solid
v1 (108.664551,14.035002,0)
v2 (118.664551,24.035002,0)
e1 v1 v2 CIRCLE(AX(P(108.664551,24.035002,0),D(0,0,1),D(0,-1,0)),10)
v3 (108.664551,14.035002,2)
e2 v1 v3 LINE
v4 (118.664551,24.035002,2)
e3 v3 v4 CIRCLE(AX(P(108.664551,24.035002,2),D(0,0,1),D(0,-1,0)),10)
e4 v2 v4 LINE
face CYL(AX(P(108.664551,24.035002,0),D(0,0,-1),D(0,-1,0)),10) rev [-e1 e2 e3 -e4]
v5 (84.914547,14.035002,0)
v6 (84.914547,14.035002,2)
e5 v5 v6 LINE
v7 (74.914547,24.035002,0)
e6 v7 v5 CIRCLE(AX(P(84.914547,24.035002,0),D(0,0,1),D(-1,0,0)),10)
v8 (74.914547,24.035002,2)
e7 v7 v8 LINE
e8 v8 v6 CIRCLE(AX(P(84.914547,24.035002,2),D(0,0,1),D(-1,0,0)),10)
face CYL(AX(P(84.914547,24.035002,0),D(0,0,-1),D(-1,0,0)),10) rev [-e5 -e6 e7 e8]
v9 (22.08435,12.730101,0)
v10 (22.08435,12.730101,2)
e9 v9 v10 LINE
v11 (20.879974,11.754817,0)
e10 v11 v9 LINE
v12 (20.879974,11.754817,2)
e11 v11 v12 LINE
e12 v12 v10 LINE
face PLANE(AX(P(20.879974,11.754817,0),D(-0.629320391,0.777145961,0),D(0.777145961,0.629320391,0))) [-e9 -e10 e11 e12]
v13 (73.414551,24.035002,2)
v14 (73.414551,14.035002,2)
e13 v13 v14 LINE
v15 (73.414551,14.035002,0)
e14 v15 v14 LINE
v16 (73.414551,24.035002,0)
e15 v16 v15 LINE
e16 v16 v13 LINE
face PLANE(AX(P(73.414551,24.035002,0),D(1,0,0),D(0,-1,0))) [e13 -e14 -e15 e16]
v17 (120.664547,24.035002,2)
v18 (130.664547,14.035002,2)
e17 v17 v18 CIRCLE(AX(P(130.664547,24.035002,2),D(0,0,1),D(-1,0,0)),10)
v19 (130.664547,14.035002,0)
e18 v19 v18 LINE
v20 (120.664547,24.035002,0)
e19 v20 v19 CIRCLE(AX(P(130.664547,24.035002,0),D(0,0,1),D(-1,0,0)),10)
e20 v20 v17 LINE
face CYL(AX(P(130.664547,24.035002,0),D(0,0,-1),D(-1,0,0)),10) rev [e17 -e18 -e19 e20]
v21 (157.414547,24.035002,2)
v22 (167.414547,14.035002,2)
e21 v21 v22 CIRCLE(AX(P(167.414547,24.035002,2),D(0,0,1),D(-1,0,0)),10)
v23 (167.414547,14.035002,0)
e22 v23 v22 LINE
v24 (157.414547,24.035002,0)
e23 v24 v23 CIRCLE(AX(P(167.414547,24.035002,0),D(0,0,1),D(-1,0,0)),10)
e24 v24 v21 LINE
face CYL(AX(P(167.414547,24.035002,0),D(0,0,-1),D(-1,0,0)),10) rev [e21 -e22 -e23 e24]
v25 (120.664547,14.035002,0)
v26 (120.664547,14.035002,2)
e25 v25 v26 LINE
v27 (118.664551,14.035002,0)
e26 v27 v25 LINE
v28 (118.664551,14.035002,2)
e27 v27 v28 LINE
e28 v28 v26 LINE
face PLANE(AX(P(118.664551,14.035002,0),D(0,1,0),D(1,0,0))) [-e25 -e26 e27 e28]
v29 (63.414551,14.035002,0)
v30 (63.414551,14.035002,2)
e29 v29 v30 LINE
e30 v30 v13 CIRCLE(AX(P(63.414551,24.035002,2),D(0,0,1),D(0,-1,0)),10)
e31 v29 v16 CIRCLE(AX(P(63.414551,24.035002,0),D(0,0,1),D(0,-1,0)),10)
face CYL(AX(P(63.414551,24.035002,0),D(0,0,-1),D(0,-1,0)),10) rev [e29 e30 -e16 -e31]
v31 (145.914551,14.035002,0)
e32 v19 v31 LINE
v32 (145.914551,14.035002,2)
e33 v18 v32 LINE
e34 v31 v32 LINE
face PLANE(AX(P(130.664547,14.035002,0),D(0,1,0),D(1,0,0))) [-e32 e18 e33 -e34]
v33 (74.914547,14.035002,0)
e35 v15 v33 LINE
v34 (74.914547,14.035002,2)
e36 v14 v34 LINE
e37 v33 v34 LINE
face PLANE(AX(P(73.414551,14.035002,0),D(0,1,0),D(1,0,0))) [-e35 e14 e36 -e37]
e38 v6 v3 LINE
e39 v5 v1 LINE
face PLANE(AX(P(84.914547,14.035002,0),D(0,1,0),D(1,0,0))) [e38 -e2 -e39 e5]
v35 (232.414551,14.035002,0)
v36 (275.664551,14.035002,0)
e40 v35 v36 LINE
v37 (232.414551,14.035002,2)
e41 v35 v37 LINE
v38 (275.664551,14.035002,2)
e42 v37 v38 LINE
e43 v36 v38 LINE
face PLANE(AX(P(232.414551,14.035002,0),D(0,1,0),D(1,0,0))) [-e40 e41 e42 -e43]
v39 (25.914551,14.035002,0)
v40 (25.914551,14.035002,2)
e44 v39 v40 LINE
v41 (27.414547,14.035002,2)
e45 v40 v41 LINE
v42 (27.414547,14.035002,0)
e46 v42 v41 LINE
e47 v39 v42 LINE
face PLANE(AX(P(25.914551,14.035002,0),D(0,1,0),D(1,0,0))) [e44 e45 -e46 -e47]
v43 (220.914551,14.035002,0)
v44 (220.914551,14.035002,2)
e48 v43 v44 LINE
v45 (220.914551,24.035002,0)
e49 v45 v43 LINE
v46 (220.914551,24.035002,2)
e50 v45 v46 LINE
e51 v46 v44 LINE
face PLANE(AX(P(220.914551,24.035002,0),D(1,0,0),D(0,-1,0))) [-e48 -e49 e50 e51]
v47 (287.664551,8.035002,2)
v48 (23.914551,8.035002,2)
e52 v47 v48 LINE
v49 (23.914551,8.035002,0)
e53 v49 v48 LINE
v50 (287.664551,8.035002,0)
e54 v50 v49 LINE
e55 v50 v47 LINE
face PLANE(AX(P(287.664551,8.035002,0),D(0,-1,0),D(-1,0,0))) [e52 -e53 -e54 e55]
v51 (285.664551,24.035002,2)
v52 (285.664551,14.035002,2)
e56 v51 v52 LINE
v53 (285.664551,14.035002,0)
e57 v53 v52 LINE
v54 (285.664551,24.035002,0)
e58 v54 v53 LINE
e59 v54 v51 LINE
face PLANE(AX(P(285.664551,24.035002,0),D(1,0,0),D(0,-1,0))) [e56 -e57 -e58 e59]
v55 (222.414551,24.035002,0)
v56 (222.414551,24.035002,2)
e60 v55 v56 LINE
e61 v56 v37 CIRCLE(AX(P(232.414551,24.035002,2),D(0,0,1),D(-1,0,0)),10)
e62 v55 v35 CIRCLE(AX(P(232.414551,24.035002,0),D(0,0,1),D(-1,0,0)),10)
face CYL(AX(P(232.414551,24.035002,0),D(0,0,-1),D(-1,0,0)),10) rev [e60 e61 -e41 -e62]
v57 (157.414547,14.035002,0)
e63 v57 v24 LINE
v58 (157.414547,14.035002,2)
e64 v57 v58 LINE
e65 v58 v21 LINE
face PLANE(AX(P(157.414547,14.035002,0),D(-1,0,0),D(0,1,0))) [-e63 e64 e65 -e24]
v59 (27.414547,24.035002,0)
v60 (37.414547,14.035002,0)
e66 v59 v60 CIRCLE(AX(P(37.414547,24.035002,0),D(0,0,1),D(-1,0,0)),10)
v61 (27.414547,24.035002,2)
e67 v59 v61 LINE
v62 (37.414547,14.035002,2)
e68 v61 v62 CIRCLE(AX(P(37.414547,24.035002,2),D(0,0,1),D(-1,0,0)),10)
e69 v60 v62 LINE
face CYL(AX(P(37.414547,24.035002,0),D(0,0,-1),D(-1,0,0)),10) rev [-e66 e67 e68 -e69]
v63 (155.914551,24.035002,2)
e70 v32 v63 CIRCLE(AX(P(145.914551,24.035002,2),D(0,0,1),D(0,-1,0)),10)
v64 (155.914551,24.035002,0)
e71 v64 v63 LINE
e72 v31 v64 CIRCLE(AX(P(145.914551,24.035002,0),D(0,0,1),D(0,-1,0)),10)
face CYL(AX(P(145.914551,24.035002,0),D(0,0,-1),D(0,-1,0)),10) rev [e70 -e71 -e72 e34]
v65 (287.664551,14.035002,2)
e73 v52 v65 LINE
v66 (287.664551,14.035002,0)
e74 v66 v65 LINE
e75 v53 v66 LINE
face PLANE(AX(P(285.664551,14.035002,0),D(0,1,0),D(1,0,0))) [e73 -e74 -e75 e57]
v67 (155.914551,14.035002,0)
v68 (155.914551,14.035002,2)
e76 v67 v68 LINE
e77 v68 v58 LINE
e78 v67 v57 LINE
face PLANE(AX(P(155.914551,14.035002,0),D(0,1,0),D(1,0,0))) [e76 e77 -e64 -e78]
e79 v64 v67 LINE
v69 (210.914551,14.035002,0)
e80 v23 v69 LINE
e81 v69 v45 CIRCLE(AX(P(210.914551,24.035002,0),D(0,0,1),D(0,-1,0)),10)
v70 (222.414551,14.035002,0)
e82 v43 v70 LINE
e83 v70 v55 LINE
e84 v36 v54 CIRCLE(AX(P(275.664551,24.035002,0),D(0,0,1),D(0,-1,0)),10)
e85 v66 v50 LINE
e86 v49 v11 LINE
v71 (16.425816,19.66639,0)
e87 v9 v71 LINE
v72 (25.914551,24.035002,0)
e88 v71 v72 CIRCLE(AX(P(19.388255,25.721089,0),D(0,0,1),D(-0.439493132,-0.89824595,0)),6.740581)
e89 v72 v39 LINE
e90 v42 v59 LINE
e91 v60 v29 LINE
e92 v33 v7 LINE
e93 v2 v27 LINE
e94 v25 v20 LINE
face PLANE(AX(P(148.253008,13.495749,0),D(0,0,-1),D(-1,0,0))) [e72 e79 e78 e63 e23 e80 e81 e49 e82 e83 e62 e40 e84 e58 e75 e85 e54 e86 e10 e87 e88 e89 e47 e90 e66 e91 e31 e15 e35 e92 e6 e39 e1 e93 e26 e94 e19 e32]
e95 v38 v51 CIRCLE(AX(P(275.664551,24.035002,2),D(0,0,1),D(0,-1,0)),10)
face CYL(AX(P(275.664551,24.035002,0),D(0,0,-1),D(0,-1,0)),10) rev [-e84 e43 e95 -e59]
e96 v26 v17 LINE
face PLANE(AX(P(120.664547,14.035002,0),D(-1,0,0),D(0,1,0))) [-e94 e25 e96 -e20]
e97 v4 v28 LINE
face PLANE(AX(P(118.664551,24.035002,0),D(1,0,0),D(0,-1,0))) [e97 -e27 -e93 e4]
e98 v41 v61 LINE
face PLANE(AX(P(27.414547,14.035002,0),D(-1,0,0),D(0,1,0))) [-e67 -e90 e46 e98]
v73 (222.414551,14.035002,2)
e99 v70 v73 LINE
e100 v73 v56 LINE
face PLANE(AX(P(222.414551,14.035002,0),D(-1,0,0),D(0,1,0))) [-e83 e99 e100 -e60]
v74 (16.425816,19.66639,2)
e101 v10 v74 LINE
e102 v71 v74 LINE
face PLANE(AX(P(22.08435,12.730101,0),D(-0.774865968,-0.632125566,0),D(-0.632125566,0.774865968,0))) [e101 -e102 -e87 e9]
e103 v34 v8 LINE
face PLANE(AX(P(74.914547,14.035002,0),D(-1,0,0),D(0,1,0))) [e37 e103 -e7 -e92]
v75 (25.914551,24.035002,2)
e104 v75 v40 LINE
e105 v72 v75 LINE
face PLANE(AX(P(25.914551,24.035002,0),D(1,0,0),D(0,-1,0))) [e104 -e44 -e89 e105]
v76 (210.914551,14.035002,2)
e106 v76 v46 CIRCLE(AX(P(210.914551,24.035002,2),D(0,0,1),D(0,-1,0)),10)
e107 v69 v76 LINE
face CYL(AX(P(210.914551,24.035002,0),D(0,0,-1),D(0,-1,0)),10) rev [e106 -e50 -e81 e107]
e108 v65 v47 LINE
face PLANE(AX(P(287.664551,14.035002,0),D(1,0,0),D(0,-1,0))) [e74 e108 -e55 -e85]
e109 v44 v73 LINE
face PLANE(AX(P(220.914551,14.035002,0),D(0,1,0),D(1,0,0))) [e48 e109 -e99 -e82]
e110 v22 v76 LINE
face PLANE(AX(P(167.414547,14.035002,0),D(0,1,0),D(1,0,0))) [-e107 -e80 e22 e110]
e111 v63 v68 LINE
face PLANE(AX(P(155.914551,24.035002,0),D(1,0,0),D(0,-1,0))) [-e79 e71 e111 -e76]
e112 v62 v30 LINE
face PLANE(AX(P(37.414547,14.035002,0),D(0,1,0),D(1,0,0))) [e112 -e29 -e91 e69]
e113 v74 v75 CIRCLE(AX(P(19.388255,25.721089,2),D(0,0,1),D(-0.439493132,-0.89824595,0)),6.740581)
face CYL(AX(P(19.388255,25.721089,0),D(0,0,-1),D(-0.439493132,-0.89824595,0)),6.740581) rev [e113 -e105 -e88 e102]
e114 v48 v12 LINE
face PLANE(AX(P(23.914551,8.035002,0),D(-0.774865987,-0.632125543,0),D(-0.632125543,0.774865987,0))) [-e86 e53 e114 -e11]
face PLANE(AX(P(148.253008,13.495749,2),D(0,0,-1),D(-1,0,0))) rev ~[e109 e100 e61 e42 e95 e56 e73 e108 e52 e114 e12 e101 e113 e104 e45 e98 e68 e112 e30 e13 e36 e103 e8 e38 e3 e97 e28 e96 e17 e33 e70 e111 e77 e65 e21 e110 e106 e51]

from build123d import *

# Parameters (mm, degrees)
EXTRUDE_1_DEPTH = 2


with BuildPart() as part:
    # Model → 凸台-拉伸1 (new body)
    with BuildSketch(Plane.XY):
        with BuildLine():
            Line((287.664550766, 8.035001988), (23.914550766, 8.035001988))
            Line((23.914550766, 8.035001988), (20.879974458, 11.754816811))
            Line((20.879974458, 11.754816811), (22.08435013, 12.730101001))
            Line((22.08435013, 12.730101001), (16.425816067, 19.66638978))
            ThreePointArc((16.425816067, 19.66638978), (22.207201951, 19.598265756), (25.914550766, 24.035001988))
            Line((25.914550766, 24.035001988), (25.914550766, 14.035001988))
            Line((25.914550766, 14.035001988), (27.414546887, 14.035001988))
            Line((27.414546887, 14.035001988), (27.414546887, 24.035001988))
            ThreePointArc((27.414546887, 24.035001988), (30.343479076, 16.963934176), (37.414546887, 14.035001988))
            Line((37.414546887, 14.035001988), (63.414550766, 14.035001988))
            ThreePointArc((63.414550766, 14.035001988), (70.485618578, 16.963934176), (73.414550766, 24.035001988))
            Line((73.414550766, 24.035001988), (73.414550766, 14.035001988))
            Line((73.414550766, 14.035001988), (74.914546887, 14.035001988))
            Line((74.914546887, 14.035001988), (74.914546887, 24.035001988))
            ThreePointArc((74.914546887, 24.035001988), (77.843479076, 16.963934176), (84.914546887, 14.035001988))
            Line((84.914546887, 14.035001988), (108.664550766, 14.035001988))
            ThreePointArc((108.664550766, 14.035001988), (115.735618578, 16.963934176), (118.664550766, 24.035001988))
            Line((118.664550766, 24.035001988), (118.664550766, 14.035001988))
            Line((118.664550766, 14.035001988), (120.664546887, 14.035001988))
            Line((120.664546887, 14.035001988), (120.664546887, 24.035001988))
            ThreePointArc((120.664546887, 24.035001988), (123.593479076, 16.963934176), (130.664546887, 14.035001988))
            Line((130.664546887, 14.035001988), (145.914550766, 14.035001988))
            ThreePointArc((145.914550766, 14.035001988), (152.985618578, 16.963934176), (155.914550766, 24.035001988))
            Line((155.914550766, 24.035001988), (155.914550766, 14.035001988))
            Line((155.914550766, 14.035001988), (157.414546887, 14.035001988))
            Line((157.414546887, 14.035001988), (157.414546887, 24.035001988))
            ThreePointArc((157.414546887, 24.035001988), (160.343479076, 16.963934176), (167.414546887, 14.035001988))
            Line((167.414546887, 14.035001988), (210.914550766, 14.035001988))
            ThreePointArc((210.914550766, 14.035001988), (217.985618578, 16.963934176), (220.914550766, 24.035001988))
            Line((220.914550766, 24.035001988), (220.914550766, 14.035001988))
            Line((220.914550766, 14.035001988), (222.414550766, 14.035001988))
            Line((222.414550766, 14.035001988), (222.414550766, 24.035001988))
            ThreePointArc((222.414550766, 24.035001988), (225.343482954, 16.963934176), (232.414550766, 14.035001988))
            Line((232.414550766, 14.035001988), (275.664550766, 14.035001988))
            ThreePointArc((275.664550766, 14.035001988), (282.735618578, 16.963934176), (285.664550766, 24.035001988))
            Line((285.664550766, 24.035001988), (285.664550766, 14.035001988))
            Line((285.664550766, 14.035001988), (287.664550766, 14.035001988))
            Line((287.664550766, 14.035001988), (287.664550766, 8.035001988))
        make_face()
    extrude(amount=EXTRUDE_1_DEPTH)


solid = part.part
